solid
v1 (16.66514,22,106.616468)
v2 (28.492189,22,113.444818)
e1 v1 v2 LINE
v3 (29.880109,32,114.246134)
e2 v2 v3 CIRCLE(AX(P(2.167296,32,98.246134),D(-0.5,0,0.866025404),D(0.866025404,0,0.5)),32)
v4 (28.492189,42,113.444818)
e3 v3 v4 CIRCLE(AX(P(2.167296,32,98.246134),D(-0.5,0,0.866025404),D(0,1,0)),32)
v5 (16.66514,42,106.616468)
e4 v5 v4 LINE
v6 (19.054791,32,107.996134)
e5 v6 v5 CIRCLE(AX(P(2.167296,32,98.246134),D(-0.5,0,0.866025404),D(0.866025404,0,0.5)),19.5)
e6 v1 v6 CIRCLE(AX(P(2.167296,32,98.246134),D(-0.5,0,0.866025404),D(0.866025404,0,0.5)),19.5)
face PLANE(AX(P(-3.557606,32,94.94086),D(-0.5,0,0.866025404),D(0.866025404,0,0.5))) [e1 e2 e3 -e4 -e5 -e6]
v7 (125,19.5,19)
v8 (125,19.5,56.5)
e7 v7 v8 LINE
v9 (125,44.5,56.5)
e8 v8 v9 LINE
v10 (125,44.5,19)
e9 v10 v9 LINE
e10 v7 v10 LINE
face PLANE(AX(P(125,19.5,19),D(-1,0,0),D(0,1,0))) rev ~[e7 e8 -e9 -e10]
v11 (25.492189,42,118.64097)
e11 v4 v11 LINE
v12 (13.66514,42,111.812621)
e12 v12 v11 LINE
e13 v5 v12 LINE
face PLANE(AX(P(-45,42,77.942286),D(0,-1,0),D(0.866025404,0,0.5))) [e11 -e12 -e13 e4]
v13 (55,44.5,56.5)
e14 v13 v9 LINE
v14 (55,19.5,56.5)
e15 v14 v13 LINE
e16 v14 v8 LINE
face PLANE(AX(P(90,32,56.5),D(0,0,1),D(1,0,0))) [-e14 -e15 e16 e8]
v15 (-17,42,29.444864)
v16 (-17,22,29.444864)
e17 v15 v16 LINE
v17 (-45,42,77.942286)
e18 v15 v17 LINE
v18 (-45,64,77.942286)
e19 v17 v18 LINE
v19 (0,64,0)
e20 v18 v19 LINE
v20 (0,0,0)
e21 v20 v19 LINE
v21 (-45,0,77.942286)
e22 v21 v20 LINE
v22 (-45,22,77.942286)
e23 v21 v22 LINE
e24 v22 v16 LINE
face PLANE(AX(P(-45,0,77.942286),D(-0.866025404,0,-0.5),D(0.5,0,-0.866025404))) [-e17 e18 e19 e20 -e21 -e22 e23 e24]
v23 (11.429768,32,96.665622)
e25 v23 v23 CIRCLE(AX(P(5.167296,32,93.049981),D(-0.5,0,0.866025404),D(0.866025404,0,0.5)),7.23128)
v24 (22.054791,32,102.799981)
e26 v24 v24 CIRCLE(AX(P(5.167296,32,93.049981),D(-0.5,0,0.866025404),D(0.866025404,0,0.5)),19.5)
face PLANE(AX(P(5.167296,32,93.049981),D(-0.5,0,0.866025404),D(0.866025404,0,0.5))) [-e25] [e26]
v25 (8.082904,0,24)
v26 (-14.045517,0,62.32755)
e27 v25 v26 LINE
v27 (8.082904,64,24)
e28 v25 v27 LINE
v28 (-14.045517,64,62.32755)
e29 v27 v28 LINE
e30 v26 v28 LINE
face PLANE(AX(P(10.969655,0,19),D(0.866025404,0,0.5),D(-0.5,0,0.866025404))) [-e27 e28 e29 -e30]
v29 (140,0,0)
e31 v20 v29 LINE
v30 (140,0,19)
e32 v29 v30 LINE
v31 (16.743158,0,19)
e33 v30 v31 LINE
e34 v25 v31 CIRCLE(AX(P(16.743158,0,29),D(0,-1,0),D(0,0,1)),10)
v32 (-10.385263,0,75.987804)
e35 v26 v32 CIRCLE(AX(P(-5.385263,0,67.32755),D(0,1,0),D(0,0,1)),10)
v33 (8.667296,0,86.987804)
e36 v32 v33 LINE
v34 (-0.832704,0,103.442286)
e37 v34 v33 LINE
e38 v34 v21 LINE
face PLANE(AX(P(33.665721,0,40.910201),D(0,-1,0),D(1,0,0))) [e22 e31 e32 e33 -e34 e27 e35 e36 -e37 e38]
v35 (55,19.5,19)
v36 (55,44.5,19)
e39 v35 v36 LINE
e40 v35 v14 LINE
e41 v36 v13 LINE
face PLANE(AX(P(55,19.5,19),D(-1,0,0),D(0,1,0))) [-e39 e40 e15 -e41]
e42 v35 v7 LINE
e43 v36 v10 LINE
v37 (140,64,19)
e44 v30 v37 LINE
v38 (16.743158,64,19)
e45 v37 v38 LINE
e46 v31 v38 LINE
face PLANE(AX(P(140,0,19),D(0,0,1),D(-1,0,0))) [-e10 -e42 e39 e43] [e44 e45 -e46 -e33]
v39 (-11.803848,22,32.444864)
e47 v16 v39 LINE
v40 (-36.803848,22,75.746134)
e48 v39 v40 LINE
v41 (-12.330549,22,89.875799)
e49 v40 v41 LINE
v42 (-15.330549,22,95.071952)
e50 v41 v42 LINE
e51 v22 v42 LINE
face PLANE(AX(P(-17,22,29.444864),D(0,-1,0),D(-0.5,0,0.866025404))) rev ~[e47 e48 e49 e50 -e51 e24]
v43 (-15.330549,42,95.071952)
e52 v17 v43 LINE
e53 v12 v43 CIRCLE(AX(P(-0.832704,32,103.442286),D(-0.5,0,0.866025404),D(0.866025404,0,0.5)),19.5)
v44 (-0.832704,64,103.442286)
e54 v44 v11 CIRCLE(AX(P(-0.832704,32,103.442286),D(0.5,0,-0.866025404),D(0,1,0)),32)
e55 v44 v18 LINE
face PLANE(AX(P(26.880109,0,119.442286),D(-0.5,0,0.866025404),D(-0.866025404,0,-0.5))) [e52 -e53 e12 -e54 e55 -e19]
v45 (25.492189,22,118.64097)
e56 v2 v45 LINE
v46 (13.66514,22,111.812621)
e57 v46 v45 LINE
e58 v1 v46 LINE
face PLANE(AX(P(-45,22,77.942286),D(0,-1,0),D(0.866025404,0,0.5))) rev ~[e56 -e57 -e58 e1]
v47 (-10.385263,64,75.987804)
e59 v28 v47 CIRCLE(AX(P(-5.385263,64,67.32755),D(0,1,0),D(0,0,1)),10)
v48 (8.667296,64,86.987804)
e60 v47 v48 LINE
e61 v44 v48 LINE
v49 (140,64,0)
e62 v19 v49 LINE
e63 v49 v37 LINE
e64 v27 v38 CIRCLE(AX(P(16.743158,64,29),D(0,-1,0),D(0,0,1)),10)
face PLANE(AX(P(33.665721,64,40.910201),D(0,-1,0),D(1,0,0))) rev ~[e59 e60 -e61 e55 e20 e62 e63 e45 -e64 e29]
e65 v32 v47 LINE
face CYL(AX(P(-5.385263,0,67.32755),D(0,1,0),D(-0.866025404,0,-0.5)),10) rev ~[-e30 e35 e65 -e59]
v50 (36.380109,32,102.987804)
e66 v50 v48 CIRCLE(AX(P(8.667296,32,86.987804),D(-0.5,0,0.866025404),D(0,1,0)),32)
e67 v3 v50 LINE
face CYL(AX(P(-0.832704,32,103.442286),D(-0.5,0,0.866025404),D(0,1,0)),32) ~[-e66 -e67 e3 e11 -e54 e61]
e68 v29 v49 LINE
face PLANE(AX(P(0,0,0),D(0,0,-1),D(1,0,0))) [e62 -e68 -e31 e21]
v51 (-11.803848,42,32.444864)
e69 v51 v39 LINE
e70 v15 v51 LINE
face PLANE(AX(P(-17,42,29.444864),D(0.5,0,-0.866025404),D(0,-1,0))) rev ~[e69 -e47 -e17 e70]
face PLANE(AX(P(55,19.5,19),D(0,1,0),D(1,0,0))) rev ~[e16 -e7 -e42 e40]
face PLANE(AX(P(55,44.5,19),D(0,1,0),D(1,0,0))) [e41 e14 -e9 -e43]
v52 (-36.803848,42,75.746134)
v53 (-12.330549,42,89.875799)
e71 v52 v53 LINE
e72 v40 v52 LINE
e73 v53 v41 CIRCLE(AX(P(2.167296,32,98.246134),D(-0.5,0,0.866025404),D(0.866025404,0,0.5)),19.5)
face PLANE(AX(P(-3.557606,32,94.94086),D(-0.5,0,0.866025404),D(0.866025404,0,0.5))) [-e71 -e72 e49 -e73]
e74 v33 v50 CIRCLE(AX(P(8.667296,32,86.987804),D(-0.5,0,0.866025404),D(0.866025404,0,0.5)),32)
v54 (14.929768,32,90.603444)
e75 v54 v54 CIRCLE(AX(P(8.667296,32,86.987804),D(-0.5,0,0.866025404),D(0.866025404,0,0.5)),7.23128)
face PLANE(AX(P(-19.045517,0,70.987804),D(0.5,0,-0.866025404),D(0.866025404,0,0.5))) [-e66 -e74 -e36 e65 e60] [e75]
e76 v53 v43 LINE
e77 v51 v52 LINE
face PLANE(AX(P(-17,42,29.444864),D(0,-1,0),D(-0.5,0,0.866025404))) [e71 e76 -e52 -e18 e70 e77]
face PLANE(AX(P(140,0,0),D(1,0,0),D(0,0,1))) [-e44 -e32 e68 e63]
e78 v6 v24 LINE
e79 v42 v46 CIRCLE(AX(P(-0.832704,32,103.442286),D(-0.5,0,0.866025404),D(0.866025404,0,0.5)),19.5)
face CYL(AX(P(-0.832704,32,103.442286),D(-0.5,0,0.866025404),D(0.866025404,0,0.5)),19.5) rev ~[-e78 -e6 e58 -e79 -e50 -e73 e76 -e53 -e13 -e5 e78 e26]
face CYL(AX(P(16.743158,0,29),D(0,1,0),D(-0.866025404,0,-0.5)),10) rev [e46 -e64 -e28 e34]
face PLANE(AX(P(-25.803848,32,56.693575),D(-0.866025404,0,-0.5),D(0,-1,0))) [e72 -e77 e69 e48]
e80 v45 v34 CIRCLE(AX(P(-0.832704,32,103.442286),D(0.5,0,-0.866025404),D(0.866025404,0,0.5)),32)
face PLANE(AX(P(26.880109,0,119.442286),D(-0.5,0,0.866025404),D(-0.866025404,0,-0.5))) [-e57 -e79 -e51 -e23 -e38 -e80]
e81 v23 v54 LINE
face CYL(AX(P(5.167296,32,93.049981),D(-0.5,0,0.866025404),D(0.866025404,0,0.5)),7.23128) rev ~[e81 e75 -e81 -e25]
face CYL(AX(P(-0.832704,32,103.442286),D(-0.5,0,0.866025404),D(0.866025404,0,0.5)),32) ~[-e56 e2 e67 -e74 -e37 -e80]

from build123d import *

# Parameters (mm, degrees)
F1_DEPTH  = 64
F3_DEPTH  = 25
F4_R      = 19.5
F4_R_2    = 6
F5_DEPTH  = 12
F6_R      = 7.2312800618
F7_DEPTH  = 7
F8_W      = 20
F8_H      = 56
F9_DEPTH  = 6
F10_W     = 88.7789055705
F10_H     = 20
F11_DEPTH = 6
F12_R     = 10
F13_R     = 10
F14_W     = 70
F14_H     = 25
F15_DEPTH = 37.5


with BuildPart() as f1:
    # F0 (on Front) → F1 (new body)
    with BuildSketch(Plane.XZ):
        Polygon((-45, 77.9422863406), (0, 0), (140, 0), (140, 19), (10.9696551146, 19), (-19.0455173281, 70.9878036687), (36.3801085141, 102.9878036687), (26.8801085141, 119.4422863406), align=None)
    extrude(amount=-F1_DEPTH)

    # F2 (on face) → F3 (cut)
    with BuildSketch(Plane(origin=(-45, 0, 77.9422863406), x_dir=(0.8660254038, 0, 0.5), z_dir=(-0.5, 0, 0.8660254038))):
        with BuildLine():
            ThreePointArc((51, 64), (73.627416998, 54.627416998), (83, 32))
            Line((83, 32), (83, 64))
            Line((83, 64), (51, 64))
        make_face()
        with BuildLine():
            Line((83, 0), (83, 32))
            ThreePointArc((83, 32), (73.627416998, 9.372583002), (51, 0))
            Line((51, 0), (83, 0))
        make_face()
    extrude(amount=-F3_DEPTH, mode=Mode.SUBTRACT)

    # F4 (on face) → F5 (cut)
    with BuildSketch(Plane(origin=(-45, 0, 77.9422863406), x_dir=(0.8660254038, 0, 0.5), z_dir=(-0.5, 0, 0.8660254038))):
        with Locations((51, 32)):
            Circle(F4_R)
        with Locations((51, 32)):
            Circle(F4_R_2, mode=Mode.SUBTRACT)
        with Locations((51, 32)):
            Circle(F4_R_2)
    extrude(amount=-F5_DEPTH, mode=Mode.SUBTRACT)

    # F6 (on face) → F7 (cut, through all)
    with BuildSketch(Plane(origin=(-39, 0, 67.5499814952), x_dir=(0.8660254038, 0, 0.5), z_dir=(-0.5, 0, 0.8660254038))):
        with Locations((51, 32)):
            Circle(F6_R)
    extrude(amount=-F7_DEPTH, mode=Mode.SUBTRACT)

    # F8 (on face) → F9 (cut)
    with BuildSketch(Plane(origin=(0, 0, 0), x_dir=(0, -1, 0), z_dir=(-0.8660254038, 0, -0.5))):
        with Locations((-32, 62)):
            Rectangle(F8_W, F8_H)
    extrude(amount=-F9_DEPTH, mode=Mode.SUBTRACT)

    # F10 (on face) → F11 (cut)
    with BuildSketch(Plane(origin=(-45, 0, 77.9422863406), x_dir=(0.8660254038, 0, 0.5), z_dir=(-0.5, 0, 0.8660254038))):
        with Locations((44.3894527853, 32)):
            Rectangle(F10_W, F10_H)
    extrude(amount=-F11_DEPTH, mode=Mode.SUBTRACT)

    # F12
    f12_edges = [f1.edges().sort_by_distance(p)[0] for p in [
        (-19.045517, 32, 70.987804),
    ]]
    fillet(f12_edges, radius=F12_R)

    # F13
    f13_edges = [f1.edges().sort_by_distance(p)[0] for p in [
        (10.969655, 32, 19),
    ]]
    fillet(f13_edges, radius=F13_R)

    # F14 (on face) → F15 (join)
    with BuildSketch(Plane.XY.offset(19)):
        with Locations((90, 32)):
            Rectangle(F14_W, F14_H)
    extrude(amount=F15_DEPTH)


solid = f1.part
